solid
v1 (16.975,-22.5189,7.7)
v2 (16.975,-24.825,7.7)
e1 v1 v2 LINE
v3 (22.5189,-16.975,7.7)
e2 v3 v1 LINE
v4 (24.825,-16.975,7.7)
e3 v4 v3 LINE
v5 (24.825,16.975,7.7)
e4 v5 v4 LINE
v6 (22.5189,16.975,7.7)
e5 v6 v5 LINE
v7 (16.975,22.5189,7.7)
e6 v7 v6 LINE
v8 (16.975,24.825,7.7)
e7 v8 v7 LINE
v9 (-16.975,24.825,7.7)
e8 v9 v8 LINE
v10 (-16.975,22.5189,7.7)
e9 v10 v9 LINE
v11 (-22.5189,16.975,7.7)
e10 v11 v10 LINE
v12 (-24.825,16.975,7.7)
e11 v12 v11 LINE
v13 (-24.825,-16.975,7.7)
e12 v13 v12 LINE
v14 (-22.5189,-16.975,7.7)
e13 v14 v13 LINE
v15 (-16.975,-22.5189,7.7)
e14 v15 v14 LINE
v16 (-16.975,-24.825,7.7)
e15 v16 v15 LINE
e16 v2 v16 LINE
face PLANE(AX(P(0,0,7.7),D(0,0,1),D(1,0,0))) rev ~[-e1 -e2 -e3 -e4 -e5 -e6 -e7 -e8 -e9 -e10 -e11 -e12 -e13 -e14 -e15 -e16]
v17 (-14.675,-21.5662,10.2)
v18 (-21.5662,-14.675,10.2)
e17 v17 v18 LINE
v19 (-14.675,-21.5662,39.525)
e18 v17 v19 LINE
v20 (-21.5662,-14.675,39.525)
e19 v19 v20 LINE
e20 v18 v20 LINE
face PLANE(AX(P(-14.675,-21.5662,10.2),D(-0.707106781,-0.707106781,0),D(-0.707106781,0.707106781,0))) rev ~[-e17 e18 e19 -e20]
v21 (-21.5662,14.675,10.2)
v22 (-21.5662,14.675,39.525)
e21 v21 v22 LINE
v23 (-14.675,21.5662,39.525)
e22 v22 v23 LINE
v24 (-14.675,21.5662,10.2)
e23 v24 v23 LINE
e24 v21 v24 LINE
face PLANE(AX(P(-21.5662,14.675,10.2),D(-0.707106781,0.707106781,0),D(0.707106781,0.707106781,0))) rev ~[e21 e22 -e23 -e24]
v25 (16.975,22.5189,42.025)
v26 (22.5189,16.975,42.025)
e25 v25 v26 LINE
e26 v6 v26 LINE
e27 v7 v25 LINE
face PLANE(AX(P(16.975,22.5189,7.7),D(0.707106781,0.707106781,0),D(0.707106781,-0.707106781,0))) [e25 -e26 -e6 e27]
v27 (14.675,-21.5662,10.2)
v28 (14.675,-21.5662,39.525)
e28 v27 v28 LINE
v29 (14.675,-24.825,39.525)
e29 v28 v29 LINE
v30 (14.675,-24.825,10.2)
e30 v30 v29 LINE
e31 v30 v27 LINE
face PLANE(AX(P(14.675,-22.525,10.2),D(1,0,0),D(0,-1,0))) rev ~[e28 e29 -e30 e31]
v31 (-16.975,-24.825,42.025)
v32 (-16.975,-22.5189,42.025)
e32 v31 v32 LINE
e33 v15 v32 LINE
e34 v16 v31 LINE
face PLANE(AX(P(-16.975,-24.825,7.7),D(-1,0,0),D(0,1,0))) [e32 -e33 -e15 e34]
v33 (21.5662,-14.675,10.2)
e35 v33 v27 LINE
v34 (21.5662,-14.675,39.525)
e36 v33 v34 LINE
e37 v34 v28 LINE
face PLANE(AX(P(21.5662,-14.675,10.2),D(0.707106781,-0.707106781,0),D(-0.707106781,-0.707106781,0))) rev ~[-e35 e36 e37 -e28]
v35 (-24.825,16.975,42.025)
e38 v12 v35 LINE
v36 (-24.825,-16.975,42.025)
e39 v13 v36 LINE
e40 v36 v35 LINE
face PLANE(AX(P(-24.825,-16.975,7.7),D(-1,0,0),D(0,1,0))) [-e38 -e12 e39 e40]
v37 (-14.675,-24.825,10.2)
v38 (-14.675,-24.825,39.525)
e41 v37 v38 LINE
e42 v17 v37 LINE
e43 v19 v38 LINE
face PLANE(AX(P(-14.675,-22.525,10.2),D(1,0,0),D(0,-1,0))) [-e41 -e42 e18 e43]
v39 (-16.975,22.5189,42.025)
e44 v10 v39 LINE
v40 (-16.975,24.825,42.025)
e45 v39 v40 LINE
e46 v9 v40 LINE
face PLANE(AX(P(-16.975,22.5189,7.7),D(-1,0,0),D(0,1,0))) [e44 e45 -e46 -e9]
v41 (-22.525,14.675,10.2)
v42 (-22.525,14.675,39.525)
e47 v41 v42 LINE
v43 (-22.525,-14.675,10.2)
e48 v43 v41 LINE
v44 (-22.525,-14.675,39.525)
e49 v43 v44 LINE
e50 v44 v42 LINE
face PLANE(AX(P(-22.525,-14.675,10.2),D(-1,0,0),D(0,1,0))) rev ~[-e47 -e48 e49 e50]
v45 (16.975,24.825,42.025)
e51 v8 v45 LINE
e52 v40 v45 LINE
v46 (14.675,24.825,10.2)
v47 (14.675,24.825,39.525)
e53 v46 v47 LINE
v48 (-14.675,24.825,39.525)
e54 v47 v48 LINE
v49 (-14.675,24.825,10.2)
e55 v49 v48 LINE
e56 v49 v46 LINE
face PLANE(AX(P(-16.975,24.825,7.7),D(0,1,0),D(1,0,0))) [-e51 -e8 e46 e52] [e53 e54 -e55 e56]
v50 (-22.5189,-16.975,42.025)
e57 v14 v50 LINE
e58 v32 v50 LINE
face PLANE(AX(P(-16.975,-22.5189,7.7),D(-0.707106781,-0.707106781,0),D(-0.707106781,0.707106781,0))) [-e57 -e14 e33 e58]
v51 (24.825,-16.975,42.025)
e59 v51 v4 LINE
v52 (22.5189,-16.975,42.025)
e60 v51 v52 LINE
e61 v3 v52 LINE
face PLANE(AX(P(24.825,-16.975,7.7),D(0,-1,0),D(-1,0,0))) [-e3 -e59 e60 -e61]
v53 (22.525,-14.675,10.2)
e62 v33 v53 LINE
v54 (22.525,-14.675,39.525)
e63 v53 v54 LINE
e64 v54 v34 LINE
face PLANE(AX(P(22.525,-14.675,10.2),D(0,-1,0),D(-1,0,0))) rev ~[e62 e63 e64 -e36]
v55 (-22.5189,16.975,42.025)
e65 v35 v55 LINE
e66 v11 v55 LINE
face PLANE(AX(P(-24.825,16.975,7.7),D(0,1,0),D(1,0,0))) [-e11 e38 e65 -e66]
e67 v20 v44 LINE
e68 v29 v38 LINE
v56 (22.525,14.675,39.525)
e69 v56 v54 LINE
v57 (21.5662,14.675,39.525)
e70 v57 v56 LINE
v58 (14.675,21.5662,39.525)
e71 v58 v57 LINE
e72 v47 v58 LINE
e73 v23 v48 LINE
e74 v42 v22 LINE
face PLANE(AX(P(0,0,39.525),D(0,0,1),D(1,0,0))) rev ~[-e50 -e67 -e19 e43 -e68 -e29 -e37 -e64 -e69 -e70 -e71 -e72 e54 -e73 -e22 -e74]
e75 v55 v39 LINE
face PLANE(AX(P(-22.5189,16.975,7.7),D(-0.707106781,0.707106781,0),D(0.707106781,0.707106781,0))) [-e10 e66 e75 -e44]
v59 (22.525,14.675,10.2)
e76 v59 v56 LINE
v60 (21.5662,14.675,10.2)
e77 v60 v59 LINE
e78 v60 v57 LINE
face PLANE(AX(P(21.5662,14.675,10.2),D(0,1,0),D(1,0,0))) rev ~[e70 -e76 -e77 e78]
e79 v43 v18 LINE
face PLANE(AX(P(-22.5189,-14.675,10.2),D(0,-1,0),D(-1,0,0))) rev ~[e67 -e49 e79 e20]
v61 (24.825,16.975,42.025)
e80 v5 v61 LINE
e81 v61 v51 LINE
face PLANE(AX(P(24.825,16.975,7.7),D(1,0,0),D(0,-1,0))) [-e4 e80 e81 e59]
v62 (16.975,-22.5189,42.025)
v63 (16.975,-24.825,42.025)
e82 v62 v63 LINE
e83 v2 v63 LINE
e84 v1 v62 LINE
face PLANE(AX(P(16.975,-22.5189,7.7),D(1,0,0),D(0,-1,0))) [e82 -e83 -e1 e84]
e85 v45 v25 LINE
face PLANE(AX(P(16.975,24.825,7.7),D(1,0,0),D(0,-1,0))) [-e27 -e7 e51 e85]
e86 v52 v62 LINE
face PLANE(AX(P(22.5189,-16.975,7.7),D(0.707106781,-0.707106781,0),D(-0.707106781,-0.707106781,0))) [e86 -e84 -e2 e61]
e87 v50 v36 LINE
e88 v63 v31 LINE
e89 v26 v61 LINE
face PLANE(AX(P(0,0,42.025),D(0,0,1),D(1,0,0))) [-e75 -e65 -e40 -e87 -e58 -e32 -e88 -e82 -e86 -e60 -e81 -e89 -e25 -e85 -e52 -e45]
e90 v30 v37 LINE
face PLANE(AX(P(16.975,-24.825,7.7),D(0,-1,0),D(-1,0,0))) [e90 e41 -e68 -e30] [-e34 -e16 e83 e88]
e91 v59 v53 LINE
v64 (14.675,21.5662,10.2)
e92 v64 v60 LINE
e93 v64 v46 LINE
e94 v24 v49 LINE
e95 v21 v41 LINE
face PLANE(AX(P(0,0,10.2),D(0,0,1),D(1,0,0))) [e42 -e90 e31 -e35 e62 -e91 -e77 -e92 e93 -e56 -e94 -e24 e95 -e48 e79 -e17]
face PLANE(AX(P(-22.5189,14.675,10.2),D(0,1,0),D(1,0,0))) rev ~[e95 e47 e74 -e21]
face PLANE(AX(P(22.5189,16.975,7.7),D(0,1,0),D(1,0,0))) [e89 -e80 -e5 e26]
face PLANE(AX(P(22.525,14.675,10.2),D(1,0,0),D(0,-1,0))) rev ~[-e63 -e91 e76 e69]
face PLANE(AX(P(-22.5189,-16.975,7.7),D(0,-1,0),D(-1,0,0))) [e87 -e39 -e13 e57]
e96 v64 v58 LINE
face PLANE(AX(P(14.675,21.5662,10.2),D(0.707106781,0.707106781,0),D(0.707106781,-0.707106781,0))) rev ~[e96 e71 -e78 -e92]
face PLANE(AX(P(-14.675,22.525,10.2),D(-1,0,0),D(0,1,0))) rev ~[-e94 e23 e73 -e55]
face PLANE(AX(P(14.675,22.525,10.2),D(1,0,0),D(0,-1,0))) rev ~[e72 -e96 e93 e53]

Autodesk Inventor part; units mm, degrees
ref_plane "YZ Plane" through (0, 0, 0) normal (1, 0, 0) x (0, 1, 0)
ref_plane "XZ Plane" through (0, 0, 0) normal (0, 1, 0) x (-1, 0, 0)
sketch "Sketch1" plane through (0, 0, 0) normal (0, 0, 1) x (1, 0, 0)
  circle A0 centre (-10, 20.9) radius 1.875 projected
  circle A1 centre (-10, -20.9) radius 1.875 projected
  circle A2 centre (10, 20.9) radius 1.875 projected
  circle A3 centre (10, -20.9) radius 1.875 projected
  circle A4 centre (20.8, -14.4) radius 2.075 projected
  circle A5 centre (20.8, 14.4) radius 2.075 projected
  circle A6 centre (-20.8, 14.4) radius 2.075 projected
  circle A7 centre (-20.8, -14.4) radius 2.075 projected
  line L0 (16.9, -16.9) -> (-16.9, -16.9) projected
  line L1 (-16.9, -16.9) -> (-16.9, 16.9) projected
  line L2 (-16.9, 16.9) -> (16.9, 16.9) projected
  line L3 (16.9, 16.9) -> (16.9, -16.9) projected
  line L4 (-17.05, 24.9) -> (-17.05, 22.55) projected
  line L5 (-17.05, 22.55) -> (-22.55, 17.05) projected
  line L6 (-22.55, 17.05) -> (-24.9, 17.05) projected
  line L7 (-24.9, 17.05) -> (-24.9, -17.05) projected
  line L8 (-24.9, -17.05) -> (-22.55, -17.05) projected
  line L9 (-22.55, -17.05) -> (-17.05, -22.55) projected
  line L10 (-17.05, -22.55) -> (-17.05, -24.9) projected
  line L11 (-17.05, -24.9) -> (17.05, -24.9) projected
  line L12 (17.05, -24.9) -> (17.05, -22.55) projected
  line L13 (17.05, -22.55) -> (22.55, -17.05) projected
  line L14 (22.55, -17.05) -> (24.9, -17.05) projected
  line L15 (24.9, -17.05) -> (24.9, 17.05) projected
  line L16 (24.9, 17.05) -> (22.55, 17.05) projected
  line L17 (22.55, 17.05) -> (17.05, 22.55) projected
  line L18 (17.05, 22.55) -> (17.05, 24.9) projected
  line L19 (17.05, 24.9) -> (-17.05, 24.9) projected
  line L20 (24.825, 16.975) -> (24.825, -16.975)
  line L21 (24.825, -16.975) -> (22.5189, -16.975)
  line L22 (22.5189, -16.975) -> (16.975, -22.5189)
  line L23 (16.975, -22.5189) -> (16.975, -24.825)
  line L24 (16.975, -24.825) -> (-16.975, -24.825)
  line L25 (-16.975, -24.825) -> (-16.975, -22.5189)
  line L26 (-16.975, -22.5189) -> (-22.5189, -16.975)
  line L27 (-22.5189, -16.975) -> (-24.825, -16.975)
  line L28 (-24.825, -16.975) -> (-24.825, 16.975)
  line L29 (-24.825, 16.975) -> (-22.5189, 16.975)
  line L30 (-22.5189, 16.975) -> (-16.975, 22.5189)
  line L31 (-16.975, 22.5189) -> (-16.975, 24.825)
  line L32 (-16.975, 24.825) -> (16.975, 24.825)
  line L33 (16.975, 24.825) -> (16.975, 22.5189)
  line L34 (16.975, 22.5189) -> (22.5189, 16.975)
  line L35 (22.5189, 16.975) -> (24.825, 16.975)
  point P0 (0, 0)
  dimension "d0" = 0.075
ref_plane "Work Plane1" through (-24.9, -24.9, 7.7) normal (0, 0, 1) x (1, 0, 0)
extrude "Extrusion1" add sketch "Sketch1" along normal blind 2.5 from surface at 7.7 contours A0 | A1 | A2 | A3 | A4 | A5 | A6 | A7 | L0 L1 L2 L3 | L20 L21 L22 L23 L24 L25 L26 L27 L28 L29 L30 L31 L32 L33 L34 L35
sketch "Sketch2" plane through (0, 0, 0) normal (0, 0, 1) x (1, 0, 0)
  line L0 (22.5189, 16.975) -> (24.825, 16.975) projected
  line L1 (16.975, 22.5189) -> (22.5189, 16.975) projected
  line L2 (16.975, 24.825) -> (16.975, 22.5189) projected
  line L3 (-16.975, 24.825) -> (16.975, 24.825) projected
  line L4 (-16.975, 22.5189) -> (-16.975, 24.825) projected
  line L5 (-22.5189, 16.975) -> (-16.975, 22.5189) projected
  line L6 (-24.825, 16.975) -> (-22.5189, 16.975) projected
  line L7 (-24.825, -16.975) -> (-24.825, 16.975) projected
  line L8 (-22.5189, -16.975) -> (-24.825, -16.975) projected
  line L9 (-16.975, -22.5189) -> (-22.5189, -16.975) projected
  line L10 (-16.975, -24.825) -> (-16.975, -22.5189) projected
  line L11 (16.975, -24.825) -> (-16.975, -24.825) projected
  line L12 (16.975, -22.5189) -> (16.975, -24.825) projected
  line L13 (22.5189, -16.975) -> (16.975, -22.5189) projected
  line L14 (24.825, -16.975) -> (22.5189, -16.975) projected
  line L15 (24.825, 16.975) -> (24.825, -16.975) projected
  line L16 (24.825, -16.975) -> (22.5189, -16.975)
  line L17 (22.5189, -16.975) -> (22.5189, 16.975)
  line L18 (22.5189, 16.975) -> (24.825, 16.975)
  line L19 (24.825, 16.975) -> (24.825, -16.975)
  line L20 (-22.5189, 16.975) -> (-24.825, 16.975)
  line L21 (-24.825, 16.975) -> (-24.825, -16.975)
  line L22 (-24.825, -16.975) -> (-22.5189, -16.975)
  line L23 (-22.5189, -16.975) -> (-22.5189, 16.975)
  line L24 (22.525, -14.675) -> (21.5662, -14.675)
  line L25 (21.5662, -14.675) -> (14.675, -21.5662)
  line L26 (14.675, -21.5662) -> (14.675, -22.525)
  line L27 (14.675, -22.525) -> (-14.675, -22.525)
  line L28 (-14.675, -22.525) -> (-14.675, -21.5662)
  line L29 (-14.675, -21.5662) -> (-21.5662, -14.675)
  line L30 (-21.5662, -14.675) -> (-22.525, -14.675)
  line L31 (-22.525, -14.675) -> (-22.525, 14.675)
  line L32 (-22.525, 14.675) -> (-21.5662, 14.675)
  line L33 (-21.5662, 14.675) -> (-14.675, 21.5662)
  line L34 (-14.675, 21.5662) -> (-14.675, 22.525)
  line L35 (-14.675, 22.525) -> (14.675, 22.525)
  line L36 (14.675, 22.525) -> (14.675, 21.5662)
  line L37 (14.675, 21.5662) -> (21.5662, 14.675)
  line L38 (21.5662, 14.675) -> (22.525, 14.675)
  line L39 (22.525, 14.675) -> (22.525, -14.675)
  line L40 (14.675, 22.525) -> (14.675, 24.825)
  line L41 (-14.675, 22.525) -> (-14.675, 24.825)
  line L42 (-14.675, -22.525) -> (-14.675, -24.825)
  line L43 (14.675, -22.525) -> (14.675, -24.825)
  point P0 (0, 0)
  dimension "d3" = 2.3
extrude "Extrusion2" add sketch "Sketch2" along normal blind 31.825 from surface at 10.2 contours L17 L38 L37 L36 L40 L3 L2 L1 | L0 L15 L14 L17 L24 L39 L38 | L17 L13 L12 L11 L43 L26 L25 L24 | L41 L34 L33 L32 L23 L5 L4 L3 | L42 L11 L10 L9 L23 L30 L29 L28 | L23 L32 L31 L30 L8 L7 L6
extrude "Extrusion3" add sketch "Sketch2" against normal blind 2.5 from surface at 42.025
properties part number "Tunnel Horizontal"
